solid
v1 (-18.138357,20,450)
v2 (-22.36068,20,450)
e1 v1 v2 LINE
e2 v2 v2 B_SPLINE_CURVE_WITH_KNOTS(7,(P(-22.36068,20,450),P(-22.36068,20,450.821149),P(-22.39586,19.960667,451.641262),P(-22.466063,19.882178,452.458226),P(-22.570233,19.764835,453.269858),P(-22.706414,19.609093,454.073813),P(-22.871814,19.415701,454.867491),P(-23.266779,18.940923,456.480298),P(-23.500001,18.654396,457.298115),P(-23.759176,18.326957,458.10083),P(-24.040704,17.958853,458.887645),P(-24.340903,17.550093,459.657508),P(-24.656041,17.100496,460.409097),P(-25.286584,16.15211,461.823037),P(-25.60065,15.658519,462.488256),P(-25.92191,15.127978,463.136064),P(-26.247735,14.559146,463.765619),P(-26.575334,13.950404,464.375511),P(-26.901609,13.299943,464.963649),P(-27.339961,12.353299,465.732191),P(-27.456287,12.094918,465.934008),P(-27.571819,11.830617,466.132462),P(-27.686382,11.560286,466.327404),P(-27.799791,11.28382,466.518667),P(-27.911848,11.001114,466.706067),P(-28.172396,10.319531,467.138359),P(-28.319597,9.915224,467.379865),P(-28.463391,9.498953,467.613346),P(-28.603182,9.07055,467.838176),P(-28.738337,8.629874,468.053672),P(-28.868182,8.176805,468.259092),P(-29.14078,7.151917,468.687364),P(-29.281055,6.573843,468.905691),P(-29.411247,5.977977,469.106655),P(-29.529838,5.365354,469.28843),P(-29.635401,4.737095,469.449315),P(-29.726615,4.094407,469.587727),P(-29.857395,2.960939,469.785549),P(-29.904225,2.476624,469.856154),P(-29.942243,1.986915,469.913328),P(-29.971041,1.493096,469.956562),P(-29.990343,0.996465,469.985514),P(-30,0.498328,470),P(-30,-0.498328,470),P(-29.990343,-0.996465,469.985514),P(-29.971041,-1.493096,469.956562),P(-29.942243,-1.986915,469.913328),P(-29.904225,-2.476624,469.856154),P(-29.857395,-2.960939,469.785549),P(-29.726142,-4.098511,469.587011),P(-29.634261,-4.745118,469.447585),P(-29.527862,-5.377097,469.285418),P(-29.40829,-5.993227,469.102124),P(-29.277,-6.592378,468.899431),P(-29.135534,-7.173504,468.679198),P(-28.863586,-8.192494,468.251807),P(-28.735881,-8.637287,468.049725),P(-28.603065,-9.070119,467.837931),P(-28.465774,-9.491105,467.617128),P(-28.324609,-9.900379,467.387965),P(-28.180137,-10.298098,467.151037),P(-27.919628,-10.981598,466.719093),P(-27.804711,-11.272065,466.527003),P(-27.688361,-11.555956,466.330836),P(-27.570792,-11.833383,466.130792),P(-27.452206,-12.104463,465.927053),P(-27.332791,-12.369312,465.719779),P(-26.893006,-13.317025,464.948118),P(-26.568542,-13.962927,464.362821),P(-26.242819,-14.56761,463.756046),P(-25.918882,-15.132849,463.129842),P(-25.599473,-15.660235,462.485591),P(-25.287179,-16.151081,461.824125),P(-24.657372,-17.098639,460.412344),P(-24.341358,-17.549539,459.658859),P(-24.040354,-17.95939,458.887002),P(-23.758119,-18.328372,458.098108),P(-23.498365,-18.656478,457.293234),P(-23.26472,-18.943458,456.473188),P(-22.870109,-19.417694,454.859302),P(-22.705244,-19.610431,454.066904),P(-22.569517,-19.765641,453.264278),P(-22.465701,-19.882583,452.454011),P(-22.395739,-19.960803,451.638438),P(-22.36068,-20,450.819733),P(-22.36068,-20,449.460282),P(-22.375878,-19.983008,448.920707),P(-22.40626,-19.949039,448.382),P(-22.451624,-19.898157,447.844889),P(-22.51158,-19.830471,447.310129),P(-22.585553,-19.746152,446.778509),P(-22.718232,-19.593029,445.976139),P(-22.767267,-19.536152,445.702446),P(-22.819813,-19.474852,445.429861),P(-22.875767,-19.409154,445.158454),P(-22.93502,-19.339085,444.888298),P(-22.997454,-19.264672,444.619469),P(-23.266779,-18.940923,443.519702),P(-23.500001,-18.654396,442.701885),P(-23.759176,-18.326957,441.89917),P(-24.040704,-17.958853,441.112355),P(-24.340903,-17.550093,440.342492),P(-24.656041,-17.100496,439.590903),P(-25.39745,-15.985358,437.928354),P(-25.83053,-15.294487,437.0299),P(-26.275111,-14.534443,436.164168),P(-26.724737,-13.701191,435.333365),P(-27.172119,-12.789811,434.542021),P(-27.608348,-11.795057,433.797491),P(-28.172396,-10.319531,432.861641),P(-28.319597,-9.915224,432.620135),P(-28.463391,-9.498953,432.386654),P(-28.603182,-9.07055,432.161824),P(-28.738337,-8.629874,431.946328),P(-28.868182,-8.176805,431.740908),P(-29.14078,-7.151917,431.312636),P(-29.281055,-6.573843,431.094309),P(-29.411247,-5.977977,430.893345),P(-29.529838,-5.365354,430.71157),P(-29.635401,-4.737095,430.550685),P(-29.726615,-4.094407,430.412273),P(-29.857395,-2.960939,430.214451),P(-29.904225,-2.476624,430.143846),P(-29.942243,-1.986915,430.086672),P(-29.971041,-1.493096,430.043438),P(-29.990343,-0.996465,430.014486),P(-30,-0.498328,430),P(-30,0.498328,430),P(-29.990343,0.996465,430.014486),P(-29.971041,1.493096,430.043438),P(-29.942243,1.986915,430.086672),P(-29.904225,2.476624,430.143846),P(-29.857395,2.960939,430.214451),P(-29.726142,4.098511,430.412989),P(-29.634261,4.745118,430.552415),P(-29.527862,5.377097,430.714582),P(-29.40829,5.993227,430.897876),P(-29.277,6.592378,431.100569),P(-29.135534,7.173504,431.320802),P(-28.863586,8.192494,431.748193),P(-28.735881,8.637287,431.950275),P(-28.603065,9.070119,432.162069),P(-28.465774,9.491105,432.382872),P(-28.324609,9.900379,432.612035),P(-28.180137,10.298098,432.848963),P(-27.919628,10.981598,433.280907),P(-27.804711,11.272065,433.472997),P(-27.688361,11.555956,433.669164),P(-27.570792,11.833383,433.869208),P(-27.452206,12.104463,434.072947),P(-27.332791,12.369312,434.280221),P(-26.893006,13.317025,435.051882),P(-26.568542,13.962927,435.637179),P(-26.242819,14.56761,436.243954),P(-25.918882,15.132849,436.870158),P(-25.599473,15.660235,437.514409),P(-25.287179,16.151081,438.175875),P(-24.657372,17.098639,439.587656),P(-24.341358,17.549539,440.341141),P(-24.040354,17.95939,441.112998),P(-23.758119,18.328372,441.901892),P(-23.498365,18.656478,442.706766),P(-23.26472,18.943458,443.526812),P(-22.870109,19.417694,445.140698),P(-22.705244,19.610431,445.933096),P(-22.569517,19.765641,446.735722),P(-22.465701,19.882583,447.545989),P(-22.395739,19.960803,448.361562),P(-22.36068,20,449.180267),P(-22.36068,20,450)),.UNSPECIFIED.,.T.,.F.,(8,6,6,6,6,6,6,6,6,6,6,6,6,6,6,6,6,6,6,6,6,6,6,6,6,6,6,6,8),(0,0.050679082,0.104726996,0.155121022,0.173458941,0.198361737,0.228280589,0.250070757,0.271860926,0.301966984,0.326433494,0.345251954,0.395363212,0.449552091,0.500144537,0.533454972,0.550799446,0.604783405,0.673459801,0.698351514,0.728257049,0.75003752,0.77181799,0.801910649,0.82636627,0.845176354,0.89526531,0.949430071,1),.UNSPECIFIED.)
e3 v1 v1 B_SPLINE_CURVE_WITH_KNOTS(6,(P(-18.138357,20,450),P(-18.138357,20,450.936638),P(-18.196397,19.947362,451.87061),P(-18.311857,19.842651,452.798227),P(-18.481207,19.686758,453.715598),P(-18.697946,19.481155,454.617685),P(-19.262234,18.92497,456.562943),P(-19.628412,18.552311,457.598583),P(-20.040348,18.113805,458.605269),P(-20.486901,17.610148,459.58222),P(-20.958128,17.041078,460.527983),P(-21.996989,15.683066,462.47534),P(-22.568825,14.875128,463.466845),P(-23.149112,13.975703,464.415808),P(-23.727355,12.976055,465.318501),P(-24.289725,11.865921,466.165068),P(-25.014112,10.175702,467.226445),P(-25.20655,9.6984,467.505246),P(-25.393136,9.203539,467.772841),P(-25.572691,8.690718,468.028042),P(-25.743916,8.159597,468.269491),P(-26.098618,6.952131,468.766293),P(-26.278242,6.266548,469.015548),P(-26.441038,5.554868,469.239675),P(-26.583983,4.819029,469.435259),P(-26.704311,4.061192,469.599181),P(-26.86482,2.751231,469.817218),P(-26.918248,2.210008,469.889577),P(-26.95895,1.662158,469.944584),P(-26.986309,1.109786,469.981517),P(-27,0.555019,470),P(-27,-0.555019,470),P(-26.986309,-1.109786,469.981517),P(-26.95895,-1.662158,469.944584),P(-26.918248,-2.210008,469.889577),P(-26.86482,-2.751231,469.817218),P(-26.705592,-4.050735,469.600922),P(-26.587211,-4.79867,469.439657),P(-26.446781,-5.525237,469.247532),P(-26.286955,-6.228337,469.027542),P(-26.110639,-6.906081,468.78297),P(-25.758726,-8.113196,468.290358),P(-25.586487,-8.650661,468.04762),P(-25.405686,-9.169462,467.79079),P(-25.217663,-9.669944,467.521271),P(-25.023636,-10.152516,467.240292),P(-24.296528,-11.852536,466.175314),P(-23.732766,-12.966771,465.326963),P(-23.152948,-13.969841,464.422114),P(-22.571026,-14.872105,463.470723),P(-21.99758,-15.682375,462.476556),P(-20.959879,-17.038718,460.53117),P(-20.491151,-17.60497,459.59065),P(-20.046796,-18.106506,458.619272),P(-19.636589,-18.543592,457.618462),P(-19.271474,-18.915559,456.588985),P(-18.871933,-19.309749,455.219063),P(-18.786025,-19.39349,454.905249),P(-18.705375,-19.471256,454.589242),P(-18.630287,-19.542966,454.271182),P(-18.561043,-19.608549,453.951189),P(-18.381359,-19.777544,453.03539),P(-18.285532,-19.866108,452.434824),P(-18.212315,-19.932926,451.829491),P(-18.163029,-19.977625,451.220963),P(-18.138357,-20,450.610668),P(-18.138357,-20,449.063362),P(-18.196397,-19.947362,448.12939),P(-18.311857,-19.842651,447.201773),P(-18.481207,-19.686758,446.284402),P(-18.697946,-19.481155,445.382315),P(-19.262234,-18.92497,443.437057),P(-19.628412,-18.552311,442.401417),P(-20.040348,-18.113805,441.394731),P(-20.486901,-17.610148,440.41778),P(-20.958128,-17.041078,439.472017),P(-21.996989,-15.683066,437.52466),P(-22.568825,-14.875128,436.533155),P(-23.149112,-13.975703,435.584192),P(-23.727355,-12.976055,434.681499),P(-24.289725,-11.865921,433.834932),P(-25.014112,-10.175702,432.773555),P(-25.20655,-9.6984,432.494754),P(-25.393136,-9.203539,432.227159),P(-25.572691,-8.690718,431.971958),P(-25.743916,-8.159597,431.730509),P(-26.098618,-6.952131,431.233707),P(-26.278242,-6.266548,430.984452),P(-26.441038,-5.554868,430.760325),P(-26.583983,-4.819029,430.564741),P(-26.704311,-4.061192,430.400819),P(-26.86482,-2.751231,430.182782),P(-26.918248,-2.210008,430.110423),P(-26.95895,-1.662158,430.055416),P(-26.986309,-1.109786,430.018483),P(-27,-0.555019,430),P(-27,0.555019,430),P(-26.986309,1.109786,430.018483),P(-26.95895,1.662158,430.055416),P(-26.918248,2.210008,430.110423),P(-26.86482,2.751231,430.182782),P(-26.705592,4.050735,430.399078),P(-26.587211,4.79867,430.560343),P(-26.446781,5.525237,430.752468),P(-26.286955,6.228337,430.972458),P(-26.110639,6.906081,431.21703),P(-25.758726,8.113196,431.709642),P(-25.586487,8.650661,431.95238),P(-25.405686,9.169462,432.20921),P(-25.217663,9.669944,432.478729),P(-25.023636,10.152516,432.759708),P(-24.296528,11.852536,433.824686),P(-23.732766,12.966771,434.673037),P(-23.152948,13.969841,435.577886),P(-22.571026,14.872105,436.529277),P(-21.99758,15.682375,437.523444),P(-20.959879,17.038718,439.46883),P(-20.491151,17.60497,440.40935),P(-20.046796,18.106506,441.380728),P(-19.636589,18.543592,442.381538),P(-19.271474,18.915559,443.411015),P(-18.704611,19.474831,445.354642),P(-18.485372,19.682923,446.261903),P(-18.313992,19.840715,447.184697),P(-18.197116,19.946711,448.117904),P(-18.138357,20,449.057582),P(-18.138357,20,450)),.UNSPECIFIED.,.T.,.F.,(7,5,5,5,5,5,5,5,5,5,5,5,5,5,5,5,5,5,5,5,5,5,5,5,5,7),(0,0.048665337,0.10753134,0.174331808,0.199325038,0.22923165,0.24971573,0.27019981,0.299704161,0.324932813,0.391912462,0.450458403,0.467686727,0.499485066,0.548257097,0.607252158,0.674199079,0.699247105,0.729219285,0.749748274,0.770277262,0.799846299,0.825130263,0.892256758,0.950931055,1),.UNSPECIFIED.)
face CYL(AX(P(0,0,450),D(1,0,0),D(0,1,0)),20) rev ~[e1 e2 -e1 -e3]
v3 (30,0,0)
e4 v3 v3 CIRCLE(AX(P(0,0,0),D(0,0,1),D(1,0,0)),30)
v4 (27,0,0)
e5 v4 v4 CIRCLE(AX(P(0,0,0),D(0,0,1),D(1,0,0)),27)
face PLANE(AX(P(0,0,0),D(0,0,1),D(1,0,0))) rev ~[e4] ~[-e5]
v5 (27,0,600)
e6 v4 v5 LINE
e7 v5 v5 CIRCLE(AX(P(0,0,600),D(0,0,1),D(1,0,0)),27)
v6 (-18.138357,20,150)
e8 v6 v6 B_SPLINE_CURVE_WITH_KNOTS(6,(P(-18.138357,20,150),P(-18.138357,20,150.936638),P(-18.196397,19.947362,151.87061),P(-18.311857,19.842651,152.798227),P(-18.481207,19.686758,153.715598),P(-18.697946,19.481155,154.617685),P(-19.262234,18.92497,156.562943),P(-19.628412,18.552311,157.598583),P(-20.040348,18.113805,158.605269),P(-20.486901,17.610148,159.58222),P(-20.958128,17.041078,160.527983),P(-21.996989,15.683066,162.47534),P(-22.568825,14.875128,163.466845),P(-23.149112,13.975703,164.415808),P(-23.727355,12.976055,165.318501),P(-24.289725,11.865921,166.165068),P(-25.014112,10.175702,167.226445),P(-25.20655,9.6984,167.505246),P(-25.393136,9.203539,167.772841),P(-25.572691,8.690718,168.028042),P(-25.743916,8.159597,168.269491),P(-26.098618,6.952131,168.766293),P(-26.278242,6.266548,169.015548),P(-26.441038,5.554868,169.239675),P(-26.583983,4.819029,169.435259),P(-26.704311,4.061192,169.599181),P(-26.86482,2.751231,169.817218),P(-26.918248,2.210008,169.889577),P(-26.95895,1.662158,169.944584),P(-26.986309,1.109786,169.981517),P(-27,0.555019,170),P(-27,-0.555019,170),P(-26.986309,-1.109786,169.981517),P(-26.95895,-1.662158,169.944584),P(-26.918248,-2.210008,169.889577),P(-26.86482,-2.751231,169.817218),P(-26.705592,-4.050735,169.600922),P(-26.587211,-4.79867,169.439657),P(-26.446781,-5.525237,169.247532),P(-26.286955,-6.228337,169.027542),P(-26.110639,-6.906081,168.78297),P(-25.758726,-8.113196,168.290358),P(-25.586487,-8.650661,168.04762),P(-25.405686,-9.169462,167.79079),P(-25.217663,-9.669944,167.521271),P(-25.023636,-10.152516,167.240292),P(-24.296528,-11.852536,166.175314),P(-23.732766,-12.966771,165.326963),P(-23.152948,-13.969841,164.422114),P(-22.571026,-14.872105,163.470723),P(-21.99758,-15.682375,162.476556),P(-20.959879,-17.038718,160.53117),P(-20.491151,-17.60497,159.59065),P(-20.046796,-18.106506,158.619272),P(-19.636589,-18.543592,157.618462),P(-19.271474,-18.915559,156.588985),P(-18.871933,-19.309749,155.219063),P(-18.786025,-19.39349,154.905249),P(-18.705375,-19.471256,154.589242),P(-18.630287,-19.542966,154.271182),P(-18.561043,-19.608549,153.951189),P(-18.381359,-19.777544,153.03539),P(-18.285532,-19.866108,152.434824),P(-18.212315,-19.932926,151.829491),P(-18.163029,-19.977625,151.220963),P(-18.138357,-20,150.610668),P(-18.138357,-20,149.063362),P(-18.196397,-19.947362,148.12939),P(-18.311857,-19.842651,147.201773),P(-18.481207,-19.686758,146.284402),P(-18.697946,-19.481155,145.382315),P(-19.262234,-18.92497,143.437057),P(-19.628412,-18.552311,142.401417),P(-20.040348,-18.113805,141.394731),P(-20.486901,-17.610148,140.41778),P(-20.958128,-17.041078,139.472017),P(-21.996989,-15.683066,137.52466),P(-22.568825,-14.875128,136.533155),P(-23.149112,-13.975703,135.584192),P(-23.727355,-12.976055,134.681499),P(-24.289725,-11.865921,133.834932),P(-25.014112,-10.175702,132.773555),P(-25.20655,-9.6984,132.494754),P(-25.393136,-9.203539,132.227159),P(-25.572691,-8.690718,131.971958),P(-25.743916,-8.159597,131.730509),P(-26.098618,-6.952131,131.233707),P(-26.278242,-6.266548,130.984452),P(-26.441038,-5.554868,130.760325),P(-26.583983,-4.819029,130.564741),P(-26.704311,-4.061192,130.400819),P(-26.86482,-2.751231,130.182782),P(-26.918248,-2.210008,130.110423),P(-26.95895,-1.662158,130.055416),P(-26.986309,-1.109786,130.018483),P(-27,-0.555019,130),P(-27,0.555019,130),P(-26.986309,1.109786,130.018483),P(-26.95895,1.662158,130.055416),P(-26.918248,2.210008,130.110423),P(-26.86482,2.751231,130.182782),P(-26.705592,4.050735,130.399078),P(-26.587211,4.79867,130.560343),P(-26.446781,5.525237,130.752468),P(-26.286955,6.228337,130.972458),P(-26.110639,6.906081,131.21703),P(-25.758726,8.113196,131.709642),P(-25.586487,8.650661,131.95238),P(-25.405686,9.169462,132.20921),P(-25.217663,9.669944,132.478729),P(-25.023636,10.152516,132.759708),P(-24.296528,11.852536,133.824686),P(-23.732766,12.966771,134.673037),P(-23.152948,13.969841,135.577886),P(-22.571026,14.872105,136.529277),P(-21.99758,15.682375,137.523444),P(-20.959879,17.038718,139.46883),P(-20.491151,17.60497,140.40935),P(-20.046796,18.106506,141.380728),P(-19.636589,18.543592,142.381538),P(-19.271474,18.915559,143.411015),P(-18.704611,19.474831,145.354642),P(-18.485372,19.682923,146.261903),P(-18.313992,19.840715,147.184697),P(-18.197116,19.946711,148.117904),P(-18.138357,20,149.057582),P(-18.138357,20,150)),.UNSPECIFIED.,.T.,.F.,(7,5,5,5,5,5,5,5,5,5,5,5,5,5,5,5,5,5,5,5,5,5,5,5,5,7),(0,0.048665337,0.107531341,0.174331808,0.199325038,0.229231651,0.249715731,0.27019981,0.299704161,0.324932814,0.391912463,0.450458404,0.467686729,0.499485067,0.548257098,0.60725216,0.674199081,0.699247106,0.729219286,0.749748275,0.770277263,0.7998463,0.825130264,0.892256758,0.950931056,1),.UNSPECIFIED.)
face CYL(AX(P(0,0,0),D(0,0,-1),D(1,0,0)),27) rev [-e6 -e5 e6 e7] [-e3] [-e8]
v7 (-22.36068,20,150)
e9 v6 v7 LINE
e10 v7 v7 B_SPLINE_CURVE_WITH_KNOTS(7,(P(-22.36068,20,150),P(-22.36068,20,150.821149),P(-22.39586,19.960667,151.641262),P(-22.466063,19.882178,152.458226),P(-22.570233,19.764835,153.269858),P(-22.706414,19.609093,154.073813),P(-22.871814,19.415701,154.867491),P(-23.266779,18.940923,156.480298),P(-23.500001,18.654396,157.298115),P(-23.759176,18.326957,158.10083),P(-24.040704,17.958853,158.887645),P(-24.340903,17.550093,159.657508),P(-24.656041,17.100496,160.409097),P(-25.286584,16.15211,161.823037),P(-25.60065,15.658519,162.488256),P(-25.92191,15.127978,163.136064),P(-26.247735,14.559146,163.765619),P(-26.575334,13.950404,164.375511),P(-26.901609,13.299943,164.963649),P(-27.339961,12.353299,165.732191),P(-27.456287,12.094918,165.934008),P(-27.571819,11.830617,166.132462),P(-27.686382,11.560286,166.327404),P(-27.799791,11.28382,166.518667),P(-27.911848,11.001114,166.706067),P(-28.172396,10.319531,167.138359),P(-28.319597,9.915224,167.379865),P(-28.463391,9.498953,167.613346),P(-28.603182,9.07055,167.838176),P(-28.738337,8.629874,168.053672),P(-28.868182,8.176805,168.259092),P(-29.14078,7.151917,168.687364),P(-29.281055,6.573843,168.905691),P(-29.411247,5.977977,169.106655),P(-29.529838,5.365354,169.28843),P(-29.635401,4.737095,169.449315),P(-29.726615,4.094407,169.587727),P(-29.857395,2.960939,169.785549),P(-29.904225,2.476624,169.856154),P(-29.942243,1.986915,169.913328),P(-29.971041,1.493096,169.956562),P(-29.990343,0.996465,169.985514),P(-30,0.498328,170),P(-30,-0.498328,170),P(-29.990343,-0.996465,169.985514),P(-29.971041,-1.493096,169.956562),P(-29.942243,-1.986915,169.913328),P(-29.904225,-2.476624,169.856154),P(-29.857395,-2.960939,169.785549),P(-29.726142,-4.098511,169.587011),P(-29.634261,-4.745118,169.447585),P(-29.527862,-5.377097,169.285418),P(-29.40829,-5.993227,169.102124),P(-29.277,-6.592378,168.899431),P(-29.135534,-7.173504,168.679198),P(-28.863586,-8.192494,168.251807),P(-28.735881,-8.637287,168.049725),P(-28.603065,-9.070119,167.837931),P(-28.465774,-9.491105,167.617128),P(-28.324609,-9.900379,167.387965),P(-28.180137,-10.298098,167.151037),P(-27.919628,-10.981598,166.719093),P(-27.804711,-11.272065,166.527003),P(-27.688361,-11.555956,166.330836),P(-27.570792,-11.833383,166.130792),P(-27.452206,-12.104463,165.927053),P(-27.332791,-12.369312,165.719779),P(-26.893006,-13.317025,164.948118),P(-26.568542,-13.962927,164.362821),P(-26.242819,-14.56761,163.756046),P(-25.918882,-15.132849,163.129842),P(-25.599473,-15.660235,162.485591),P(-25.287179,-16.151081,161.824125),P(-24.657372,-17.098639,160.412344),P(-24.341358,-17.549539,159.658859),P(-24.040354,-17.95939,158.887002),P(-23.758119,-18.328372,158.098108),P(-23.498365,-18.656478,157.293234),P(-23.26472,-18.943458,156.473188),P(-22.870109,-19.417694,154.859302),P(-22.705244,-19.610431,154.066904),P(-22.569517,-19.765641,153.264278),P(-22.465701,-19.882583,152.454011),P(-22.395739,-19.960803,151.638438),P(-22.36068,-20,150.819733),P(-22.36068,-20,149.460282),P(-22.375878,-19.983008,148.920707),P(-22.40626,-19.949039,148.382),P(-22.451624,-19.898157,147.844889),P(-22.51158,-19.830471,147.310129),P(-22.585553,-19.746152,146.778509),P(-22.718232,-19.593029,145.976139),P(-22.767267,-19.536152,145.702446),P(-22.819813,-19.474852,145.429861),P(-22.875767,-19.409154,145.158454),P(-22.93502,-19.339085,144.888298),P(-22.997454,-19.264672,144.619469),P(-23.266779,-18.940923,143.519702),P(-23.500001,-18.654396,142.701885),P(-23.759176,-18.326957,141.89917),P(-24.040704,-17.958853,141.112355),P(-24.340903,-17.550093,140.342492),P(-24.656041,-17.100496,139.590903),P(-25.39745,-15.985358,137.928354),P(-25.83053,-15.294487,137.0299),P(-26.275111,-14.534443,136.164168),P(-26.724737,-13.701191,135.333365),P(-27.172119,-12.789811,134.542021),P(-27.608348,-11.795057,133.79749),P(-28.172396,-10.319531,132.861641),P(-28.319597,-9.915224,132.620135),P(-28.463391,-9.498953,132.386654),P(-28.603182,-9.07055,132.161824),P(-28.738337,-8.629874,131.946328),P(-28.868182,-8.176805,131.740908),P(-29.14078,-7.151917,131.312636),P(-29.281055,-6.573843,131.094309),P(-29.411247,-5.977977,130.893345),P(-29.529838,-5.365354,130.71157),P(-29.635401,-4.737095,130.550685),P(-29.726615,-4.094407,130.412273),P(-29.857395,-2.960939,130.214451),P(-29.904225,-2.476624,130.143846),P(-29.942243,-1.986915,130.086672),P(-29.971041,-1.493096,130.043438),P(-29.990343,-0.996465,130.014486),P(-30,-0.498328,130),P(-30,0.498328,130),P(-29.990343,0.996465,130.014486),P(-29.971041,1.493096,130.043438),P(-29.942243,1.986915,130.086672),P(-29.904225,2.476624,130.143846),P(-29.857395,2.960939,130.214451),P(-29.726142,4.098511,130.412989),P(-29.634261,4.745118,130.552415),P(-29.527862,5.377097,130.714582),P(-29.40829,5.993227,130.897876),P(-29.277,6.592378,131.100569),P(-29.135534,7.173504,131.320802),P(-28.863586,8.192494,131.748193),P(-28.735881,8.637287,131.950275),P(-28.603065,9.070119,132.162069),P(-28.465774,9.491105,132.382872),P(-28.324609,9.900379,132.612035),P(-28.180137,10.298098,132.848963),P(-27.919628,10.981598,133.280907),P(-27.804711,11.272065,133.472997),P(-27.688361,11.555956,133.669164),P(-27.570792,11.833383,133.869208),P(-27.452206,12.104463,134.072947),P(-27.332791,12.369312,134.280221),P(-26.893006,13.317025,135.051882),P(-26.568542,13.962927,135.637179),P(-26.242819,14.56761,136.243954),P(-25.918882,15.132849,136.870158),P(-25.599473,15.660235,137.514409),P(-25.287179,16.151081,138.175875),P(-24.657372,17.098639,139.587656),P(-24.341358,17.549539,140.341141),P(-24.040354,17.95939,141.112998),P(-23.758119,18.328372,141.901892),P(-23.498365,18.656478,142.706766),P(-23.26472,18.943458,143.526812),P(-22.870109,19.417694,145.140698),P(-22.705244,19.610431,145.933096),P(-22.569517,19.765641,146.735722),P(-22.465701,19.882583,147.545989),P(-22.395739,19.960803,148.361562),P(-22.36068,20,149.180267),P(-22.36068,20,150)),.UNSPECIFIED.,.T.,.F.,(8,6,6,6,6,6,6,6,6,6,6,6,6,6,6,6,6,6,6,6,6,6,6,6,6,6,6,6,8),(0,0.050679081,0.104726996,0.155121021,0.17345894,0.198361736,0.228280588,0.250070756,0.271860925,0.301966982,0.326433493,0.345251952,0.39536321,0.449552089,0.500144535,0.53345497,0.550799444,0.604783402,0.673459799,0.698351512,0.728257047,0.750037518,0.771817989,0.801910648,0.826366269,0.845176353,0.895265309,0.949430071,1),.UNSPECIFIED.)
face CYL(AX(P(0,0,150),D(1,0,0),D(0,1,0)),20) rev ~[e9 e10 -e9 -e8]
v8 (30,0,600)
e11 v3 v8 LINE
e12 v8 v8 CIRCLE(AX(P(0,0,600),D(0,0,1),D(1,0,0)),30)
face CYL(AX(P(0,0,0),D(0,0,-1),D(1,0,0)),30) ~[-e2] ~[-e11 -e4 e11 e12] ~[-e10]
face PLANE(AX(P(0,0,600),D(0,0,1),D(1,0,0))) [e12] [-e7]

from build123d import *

# Parameters (mm, degrees)
F0_R     = 30
F0_R_2   = 27
F1_DEPTH = 600
F2_R     = 20
F3_DEPTH = 50


with BuildPart() as f1:
    # F0 (on Top) → F1 (new body)
    with BuildSketch(Plane.XY):
        Circle(F0_R)
        Circle(F0_R_2, mode=Mode.SUBTRACT)
    extrude(amount=F1_DEPTH)

    # F2 (on Right) → F3 (cut)
    with BuildSketch(Plane.YZ):
        with Locations((0, 450)):
            Circle(F2_R)
        with Locations((0, 150)):
            Circle(F2_R)
    extrude(amount=-F3_DEPTH, mode=Mode.SUBTRACT)


solid = f1.part
